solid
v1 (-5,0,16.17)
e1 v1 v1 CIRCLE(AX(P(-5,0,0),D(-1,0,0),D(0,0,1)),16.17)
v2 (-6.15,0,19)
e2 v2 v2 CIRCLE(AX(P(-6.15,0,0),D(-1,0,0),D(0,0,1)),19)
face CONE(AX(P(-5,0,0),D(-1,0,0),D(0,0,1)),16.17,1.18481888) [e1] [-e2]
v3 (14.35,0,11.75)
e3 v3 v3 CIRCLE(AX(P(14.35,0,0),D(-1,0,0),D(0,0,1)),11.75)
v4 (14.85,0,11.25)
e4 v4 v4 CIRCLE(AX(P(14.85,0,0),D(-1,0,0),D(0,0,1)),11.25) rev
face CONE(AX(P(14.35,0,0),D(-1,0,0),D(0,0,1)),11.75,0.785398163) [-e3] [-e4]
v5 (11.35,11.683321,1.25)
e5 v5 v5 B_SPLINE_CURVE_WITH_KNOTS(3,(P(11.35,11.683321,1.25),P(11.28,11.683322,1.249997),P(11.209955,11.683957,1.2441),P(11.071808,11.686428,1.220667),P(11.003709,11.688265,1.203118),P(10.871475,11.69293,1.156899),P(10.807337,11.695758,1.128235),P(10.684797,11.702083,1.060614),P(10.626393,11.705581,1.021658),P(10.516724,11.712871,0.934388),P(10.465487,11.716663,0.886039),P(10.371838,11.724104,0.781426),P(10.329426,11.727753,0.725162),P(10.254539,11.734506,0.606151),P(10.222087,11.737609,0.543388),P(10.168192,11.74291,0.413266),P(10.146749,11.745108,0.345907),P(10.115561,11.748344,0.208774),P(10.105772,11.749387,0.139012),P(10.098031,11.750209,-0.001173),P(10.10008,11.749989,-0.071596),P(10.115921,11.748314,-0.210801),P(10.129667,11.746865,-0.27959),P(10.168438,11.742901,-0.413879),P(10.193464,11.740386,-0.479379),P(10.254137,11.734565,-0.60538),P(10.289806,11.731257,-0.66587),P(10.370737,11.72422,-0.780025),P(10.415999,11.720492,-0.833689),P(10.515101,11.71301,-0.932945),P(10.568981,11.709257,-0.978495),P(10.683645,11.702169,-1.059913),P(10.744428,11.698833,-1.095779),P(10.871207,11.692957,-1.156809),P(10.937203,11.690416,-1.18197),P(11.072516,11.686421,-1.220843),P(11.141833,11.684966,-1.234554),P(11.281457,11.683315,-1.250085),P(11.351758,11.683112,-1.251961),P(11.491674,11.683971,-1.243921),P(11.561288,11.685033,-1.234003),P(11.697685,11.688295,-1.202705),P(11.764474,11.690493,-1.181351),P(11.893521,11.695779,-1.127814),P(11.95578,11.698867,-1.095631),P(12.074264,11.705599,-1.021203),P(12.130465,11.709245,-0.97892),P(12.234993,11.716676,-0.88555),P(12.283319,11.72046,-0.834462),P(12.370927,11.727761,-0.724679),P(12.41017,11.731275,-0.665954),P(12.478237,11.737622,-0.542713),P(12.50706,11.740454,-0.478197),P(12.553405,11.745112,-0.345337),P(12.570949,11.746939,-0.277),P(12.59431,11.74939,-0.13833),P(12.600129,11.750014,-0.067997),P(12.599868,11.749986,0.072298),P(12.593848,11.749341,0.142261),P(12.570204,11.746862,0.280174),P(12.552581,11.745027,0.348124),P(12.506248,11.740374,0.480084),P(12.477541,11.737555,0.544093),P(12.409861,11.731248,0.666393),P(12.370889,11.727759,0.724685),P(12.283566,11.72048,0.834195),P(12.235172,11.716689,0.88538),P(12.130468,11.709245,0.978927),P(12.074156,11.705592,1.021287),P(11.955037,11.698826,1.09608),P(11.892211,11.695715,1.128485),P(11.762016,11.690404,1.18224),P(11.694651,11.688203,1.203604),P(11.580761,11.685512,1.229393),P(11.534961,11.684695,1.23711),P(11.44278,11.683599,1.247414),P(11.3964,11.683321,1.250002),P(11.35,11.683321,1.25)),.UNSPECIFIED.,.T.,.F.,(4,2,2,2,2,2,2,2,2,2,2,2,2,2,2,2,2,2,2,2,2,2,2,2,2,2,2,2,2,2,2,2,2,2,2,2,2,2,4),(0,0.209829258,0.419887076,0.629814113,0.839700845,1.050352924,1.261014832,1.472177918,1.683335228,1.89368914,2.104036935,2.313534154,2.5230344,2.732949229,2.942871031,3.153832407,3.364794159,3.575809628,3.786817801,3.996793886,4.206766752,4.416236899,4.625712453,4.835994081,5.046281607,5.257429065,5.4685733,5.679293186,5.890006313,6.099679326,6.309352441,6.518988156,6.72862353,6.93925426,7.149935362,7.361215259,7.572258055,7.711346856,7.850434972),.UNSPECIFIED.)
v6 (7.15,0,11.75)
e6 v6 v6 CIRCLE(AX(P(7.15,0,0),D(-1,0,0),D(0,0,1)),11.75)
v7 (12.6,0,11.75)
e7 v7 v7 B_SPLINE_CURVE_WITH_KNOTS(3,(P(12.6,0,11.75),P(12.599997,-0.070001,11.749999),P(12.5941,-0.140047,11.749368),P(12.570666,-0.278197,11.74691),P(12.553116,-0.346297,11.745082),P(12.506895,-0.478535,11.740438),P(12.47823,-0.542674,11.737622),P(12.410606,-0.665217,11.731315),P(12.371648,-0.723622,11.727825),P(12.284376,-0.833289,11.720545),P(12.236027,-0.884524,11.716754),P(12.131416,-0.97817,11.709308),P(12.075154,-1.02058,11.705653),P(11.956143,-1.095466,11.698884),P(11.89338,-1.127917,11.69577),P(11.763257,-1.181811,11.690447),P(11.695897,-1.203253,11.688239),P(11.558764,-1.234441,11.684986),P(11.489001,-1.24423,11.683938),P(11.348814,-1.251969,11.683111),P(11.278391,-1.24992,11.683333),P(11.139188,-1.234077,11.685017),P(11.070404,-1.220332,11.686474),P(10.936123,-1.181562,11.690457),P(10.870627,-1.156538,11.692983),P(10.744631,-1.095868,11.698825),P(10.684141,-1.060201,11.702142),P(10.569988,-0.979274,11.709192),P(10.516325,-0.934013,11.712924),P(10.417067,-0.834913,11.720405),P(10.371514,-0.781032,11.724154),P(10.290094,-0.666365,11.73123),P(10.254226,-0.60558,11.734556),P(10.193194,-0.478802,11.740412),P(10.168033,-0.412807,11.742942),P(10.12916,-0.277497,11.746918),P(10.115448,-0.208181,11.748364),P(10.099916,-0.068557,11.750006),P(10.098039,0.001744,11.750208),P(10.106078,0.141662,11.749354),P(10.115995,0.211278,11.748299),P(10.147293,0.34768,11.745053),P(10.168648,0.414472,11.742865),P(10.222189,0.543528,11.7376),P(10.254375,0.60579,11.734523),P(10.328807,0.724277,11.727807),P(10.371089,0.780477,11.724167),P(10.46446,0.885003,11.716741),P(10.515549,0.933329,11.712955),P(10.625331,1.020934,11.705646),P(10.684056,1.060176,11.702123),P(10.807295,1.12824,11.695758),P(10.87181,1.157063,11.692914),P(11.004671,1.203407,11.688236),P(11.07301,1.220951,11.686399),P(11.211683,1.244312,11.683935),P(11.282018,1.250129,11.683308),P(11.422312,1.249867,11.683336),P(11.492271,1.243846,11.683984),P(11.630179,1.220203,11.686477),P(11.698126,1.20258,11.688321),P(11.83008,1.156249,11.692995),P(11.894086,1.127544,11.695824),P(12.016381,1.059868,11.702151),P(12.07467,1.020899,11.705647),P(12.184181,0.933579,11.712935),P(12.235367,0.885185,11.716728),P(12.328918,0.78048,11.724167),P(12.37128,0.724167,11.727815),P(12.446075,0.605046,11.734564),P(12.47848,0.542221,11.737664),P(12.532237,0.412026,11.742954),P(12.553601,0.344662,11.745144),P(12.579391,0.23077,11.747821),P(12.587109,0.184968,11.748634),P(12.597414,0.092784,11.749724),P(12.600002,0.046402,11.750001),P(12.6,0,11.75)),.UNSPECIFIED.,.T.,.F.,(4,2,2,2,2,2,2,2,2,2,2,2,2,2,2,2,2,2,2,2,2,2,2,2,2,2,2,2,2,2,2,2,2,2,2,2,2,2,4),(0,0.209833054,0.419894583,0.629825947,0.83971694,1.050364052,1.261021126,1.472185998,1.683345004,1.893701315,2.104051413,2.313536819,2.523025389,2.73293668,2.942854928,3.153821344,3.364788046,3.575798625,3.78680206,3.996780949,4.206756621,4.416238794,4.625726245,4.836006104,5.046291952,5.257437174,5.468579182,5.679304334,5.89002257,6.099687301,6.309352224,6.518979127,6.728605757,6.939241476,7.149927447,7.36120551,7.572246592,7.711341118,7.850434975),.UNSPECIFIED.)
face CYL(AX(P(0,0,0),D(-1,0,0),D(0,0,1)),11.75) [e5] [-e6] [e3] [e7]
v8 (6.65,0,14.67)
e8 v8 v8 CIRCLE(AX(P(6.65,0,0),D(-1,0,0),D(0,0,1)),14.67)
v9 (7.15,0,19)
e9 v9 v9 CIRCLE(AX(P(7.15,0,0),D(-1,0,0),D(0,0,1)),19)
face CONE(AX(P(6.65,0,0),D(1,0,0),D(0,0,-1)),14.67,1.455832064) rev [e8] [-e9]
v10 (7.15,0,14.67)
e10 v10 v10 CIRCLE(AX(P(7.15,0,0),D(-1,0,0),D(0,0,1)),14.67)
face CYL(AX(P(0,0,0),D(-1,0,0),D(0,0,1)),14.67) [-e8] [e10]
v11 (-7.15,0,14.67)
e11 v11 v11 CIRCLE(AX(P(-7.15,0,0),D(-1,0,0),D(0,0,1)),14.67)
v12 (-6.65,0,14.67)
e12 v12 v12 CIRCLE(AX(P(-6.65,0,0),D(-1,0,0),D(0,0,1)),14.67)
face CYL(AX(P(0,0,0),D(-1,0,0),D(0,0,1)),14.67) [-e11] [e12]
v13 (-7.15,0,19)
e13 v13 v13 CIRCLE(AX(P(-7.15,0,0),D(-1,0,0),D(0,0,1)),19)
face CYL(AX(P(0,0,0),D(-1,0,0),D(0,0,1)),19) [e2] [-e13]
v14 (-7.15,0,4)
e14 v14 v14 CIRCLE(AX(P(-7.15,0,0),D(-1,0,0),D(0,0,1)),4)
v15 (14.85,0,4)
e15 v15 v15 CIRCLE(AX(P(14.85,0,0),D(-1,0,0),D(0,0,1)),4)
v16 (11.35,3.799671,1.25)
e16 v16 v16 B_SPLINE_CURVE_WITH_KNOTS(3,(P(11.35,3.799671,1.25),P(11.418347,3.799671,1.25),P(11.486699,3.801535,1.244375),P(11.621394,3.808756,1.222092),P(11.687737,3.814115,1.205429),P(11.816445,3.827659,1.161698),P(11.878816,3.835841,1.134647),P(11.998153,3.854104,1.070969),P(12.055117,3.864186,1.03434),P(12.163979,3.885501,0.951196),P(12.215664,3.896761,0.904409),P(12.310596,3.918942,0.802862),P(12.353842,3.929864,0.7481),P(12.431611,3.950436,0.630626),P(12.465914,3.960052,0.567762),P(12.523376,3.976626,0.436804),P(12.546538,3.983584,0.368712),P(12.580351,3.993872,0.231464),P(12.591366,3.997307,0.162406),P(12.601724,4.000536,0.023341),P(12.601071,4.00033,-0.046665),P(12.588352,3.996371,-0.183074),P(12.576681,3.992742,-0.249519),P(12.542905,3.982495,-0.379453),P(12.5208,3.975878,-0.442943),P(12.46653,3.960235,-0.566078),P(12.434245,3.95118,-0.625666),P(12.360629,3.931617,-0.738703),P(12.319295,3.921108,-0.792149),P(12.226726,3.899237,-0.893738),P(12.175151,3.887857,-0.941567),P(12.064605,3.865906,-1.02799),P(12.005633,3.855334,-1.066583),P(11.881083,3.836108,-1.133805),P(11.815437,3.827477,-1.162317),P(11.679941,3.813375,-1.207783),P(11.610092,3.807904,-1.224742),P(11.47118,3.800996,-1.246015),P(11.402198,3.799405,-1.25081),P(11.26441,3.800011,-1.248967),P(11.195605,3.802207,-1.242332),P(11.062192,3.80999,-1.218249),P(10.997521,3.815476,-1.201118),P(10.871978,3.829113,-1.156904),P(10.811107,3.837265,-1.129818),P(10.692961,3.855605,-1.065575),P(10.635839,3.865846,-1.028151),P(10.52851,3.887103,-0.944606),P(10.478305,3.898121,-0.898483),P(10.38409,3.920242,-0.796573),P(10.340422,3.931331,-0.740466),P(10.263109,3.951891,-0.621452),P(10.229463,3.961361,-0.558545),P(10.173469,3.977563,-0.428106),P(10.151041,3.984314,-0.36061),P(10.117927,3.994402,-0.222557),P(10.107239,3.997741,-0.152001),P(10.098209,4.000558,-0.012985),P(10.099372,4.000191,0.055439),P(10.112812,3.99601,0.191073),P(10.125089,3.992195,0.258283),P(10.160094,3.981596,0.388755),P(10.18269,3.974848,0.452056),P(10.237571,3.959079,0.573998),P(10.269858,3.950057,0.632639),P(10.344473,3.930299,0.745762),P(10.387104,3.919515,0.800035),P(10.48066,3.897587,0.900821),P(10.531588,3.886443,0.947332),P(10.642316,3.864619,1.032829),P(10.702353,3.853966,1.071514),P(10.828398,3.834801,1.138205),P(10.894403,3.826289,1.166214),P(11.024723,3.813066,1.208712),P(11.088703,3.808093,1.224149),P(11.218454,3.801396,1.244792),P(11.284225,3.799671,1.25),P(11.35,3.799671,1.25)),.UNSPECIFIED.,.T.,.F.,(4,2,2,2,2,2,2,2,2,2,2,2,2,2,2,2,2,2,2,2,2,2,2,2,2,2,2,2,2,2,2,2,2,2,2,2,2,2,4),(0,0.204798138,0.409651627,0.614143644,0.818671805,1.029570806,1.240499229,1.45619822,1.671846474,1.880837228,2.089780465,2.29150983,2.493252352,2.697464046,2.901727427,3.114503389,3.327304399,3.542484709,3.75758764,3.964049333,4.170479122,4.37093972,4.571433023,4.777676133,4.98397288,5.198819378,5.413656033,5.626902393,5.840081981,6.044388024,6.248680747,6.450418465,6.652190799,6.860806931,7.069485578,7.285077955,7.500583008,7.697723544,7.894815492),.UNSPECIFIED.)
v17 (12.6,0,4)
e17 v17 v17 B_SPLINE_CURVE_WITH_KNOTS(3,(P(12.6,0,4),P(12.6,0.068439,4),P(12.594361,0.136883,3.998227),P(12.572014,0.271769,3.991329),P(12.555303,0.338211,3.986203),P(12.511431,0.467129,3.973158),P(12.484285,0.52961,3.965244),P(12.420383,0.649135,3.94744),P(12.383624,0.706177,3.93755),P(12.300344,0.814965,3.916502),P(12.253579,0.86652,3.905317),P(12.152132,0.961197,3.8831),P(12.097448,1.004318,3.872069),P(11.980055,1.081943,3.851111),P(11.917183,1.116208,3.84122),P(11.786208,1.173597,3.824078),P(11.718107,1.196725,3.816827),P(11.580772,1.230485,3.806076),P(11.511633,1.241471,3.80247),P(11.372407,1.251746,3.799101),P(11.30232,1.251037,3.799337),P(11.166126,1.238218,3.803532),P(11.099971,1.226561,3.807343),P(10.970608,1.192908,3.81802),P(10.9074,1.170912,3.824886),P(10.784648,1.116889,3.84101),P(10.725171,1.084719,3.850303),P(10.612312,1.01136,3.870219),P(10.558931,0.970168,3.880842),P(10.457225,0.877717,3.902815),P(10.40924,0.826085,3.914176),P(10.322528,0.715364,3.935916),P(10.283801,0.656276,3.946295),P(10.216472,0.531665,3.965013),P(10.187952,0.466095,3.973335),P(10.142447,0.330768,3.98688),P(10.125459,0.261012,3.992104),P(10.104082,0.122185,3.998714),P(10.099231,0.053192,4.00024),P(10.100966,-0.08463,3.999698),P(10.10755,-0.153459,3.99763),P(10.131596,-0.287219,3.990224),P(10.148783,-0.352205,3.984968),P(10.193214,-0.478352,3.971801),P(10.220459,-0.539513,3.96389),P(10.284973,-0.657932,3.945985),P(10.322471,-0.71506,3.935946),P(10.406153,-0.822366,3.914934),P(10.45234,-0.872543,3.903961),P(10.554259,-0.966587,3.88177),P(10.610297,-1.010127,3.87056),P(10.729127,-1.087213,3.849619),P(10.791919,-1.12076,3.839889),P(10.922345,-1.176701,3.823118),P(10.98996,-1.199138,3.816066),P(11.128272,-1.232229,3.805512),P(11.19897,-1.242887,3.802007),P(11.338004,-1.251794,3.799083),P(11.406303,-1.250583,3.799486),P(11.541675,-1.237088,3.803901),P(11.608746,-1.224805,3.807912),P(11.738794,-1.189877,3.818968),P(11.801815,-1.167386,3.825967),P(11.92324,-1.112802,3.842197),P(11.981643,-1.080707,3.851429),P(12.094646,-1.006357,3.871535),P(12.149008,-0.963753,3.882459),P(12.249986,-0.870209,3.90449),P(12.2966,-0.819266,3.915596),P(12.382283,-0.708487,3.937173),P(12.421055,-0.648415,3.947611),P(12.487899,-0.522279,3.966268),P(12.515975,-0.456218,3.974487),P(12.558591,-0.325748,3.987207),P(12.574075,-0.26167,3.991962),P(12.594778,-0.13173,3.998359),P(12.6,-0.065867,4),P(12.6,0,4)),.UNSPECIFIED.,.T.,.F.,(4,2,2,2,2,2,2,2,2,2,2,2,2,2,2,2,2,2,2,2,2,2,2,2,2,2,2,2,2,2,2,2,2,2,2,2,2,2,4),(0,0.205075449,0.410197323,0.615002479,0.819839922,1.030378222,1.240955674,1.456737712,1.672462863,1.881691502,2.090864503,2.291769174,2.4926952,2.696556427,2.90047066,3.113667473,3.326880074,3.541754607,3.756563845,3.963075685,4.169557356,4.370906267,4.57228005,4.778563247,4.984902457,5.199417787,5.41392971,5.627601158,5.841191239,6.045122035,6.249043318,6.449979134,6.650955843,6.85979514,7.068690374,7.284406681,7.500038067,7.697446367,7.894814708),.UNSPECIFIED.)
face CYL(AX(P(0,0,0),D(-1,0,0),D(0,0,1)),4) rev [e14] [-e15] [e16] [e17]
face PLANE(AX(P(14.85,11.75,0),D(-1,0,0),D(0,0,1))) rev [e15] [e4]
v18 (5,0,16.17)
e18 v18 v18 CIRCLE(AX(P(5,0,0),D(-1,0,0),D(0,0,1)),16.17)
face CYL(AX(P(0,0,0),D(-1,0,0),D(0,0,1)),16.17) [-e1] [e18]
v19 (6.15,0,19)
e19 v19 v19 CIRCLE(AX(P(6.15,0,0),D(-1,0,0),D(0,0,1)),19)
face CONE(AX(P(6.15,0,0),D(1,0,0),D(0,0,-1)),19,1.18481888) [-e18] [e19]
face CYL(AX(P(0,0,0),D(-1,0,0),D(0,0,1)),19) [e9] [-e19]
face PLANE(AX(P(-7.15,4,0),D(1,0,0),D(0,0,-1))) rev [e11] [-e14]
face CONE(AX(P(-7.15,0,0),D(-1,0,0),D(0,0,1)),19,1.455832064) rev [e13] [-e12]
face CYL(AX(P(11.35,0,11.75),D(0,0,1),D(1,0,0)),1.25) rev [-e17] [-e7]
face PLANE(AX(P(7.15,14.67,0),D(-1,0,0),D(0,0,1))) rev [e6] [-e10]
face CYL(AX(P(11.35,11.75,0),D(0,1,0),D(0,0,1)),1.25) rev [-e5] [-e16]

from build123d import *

# Parameters (mm, degrees)
CHAMFER1_SIZE          = 0.5
TROU_TARAUD_M30_REACH  = 42.606
TROU_TARAUD_M30_BORE_R = 1.25
CIRPATTERN1_COUNT      = 2
CIRPATTERN1_ANGLE      = 90


with BuildPart() as part:
    # Sketch1 → Revolve1 (revolve)
    with BuildSketch(Plane.XY, mode=Mode.PRIVATE) as revolve1_sk:
        Polygon((-7.15, 4), (-7.15, 14.67), (-6.65, 14.67), (-7.15, 19), (-6.15, 19), (-5, 16.17), (5, 16.17), (6.15, 19), (7.15, 19), (6.65, 14.67), (7.15, 14.67), (7.15, 11.75), (14.85, 11.75), (14.85, 4), align=None)
    revolve(revolve1_sk.sketch.rotate(Axis((0, 0, 0), (1, 0, 0)), 90), axis=Axis((0, 0, 0), (1, 0, 0)))

    # Chamfer1
    chamfer1_edges = [part.edges().sort_by_distance(p)[0] for p in [
        (14.85, 0, -11.75),
    ]]
    chamfer(chamfer1_edges, length=CHAMFER1_SIZE)

    # Trou taraudé M30 bore (on position points) → Trou taraudé M30 (cut, up to next)
    with BuildSketch(Plane(origin=(11.35, 0, 11.75), x_dir=(1, 0, 0), z_dir=(0, 0, 1)), mode=Mode.PRIVATE) as trou_taraud_m30_sk1:
        Circle(TROU_TARAUD_M30_BORE_R)
    trou_taraud_m30_tool1 = extrude(trou_taraud_m30_sk1.sketch, amount=-TROU_TARAUD_M30_REACH, mode=Mode.PRIVATE) & part.part
    trou_taraud_m30 = trou_taraud_m30_tool1.solids().sort_by_distance((11.35, 0, 11.75))[0]
    add(trou_taraud_m30, mode=Mode.SUBTRACT)

    # CirPattern1: Trou taraudé M30 ×2 about axis
    cirpattern1_axis = Axis((7.15, 0, 0), (-1, 0, 0))
    for i in range(1, CIRPATTERN1_COUNT):
        add(trou_taraud_m30.rotate(cirpattern1_axis, i * CIRPATTERN1_ANGLE / (CIRPATTERN1_COUNT - 1)), mode=Mode.SUBTRACT)


solid = part.part
